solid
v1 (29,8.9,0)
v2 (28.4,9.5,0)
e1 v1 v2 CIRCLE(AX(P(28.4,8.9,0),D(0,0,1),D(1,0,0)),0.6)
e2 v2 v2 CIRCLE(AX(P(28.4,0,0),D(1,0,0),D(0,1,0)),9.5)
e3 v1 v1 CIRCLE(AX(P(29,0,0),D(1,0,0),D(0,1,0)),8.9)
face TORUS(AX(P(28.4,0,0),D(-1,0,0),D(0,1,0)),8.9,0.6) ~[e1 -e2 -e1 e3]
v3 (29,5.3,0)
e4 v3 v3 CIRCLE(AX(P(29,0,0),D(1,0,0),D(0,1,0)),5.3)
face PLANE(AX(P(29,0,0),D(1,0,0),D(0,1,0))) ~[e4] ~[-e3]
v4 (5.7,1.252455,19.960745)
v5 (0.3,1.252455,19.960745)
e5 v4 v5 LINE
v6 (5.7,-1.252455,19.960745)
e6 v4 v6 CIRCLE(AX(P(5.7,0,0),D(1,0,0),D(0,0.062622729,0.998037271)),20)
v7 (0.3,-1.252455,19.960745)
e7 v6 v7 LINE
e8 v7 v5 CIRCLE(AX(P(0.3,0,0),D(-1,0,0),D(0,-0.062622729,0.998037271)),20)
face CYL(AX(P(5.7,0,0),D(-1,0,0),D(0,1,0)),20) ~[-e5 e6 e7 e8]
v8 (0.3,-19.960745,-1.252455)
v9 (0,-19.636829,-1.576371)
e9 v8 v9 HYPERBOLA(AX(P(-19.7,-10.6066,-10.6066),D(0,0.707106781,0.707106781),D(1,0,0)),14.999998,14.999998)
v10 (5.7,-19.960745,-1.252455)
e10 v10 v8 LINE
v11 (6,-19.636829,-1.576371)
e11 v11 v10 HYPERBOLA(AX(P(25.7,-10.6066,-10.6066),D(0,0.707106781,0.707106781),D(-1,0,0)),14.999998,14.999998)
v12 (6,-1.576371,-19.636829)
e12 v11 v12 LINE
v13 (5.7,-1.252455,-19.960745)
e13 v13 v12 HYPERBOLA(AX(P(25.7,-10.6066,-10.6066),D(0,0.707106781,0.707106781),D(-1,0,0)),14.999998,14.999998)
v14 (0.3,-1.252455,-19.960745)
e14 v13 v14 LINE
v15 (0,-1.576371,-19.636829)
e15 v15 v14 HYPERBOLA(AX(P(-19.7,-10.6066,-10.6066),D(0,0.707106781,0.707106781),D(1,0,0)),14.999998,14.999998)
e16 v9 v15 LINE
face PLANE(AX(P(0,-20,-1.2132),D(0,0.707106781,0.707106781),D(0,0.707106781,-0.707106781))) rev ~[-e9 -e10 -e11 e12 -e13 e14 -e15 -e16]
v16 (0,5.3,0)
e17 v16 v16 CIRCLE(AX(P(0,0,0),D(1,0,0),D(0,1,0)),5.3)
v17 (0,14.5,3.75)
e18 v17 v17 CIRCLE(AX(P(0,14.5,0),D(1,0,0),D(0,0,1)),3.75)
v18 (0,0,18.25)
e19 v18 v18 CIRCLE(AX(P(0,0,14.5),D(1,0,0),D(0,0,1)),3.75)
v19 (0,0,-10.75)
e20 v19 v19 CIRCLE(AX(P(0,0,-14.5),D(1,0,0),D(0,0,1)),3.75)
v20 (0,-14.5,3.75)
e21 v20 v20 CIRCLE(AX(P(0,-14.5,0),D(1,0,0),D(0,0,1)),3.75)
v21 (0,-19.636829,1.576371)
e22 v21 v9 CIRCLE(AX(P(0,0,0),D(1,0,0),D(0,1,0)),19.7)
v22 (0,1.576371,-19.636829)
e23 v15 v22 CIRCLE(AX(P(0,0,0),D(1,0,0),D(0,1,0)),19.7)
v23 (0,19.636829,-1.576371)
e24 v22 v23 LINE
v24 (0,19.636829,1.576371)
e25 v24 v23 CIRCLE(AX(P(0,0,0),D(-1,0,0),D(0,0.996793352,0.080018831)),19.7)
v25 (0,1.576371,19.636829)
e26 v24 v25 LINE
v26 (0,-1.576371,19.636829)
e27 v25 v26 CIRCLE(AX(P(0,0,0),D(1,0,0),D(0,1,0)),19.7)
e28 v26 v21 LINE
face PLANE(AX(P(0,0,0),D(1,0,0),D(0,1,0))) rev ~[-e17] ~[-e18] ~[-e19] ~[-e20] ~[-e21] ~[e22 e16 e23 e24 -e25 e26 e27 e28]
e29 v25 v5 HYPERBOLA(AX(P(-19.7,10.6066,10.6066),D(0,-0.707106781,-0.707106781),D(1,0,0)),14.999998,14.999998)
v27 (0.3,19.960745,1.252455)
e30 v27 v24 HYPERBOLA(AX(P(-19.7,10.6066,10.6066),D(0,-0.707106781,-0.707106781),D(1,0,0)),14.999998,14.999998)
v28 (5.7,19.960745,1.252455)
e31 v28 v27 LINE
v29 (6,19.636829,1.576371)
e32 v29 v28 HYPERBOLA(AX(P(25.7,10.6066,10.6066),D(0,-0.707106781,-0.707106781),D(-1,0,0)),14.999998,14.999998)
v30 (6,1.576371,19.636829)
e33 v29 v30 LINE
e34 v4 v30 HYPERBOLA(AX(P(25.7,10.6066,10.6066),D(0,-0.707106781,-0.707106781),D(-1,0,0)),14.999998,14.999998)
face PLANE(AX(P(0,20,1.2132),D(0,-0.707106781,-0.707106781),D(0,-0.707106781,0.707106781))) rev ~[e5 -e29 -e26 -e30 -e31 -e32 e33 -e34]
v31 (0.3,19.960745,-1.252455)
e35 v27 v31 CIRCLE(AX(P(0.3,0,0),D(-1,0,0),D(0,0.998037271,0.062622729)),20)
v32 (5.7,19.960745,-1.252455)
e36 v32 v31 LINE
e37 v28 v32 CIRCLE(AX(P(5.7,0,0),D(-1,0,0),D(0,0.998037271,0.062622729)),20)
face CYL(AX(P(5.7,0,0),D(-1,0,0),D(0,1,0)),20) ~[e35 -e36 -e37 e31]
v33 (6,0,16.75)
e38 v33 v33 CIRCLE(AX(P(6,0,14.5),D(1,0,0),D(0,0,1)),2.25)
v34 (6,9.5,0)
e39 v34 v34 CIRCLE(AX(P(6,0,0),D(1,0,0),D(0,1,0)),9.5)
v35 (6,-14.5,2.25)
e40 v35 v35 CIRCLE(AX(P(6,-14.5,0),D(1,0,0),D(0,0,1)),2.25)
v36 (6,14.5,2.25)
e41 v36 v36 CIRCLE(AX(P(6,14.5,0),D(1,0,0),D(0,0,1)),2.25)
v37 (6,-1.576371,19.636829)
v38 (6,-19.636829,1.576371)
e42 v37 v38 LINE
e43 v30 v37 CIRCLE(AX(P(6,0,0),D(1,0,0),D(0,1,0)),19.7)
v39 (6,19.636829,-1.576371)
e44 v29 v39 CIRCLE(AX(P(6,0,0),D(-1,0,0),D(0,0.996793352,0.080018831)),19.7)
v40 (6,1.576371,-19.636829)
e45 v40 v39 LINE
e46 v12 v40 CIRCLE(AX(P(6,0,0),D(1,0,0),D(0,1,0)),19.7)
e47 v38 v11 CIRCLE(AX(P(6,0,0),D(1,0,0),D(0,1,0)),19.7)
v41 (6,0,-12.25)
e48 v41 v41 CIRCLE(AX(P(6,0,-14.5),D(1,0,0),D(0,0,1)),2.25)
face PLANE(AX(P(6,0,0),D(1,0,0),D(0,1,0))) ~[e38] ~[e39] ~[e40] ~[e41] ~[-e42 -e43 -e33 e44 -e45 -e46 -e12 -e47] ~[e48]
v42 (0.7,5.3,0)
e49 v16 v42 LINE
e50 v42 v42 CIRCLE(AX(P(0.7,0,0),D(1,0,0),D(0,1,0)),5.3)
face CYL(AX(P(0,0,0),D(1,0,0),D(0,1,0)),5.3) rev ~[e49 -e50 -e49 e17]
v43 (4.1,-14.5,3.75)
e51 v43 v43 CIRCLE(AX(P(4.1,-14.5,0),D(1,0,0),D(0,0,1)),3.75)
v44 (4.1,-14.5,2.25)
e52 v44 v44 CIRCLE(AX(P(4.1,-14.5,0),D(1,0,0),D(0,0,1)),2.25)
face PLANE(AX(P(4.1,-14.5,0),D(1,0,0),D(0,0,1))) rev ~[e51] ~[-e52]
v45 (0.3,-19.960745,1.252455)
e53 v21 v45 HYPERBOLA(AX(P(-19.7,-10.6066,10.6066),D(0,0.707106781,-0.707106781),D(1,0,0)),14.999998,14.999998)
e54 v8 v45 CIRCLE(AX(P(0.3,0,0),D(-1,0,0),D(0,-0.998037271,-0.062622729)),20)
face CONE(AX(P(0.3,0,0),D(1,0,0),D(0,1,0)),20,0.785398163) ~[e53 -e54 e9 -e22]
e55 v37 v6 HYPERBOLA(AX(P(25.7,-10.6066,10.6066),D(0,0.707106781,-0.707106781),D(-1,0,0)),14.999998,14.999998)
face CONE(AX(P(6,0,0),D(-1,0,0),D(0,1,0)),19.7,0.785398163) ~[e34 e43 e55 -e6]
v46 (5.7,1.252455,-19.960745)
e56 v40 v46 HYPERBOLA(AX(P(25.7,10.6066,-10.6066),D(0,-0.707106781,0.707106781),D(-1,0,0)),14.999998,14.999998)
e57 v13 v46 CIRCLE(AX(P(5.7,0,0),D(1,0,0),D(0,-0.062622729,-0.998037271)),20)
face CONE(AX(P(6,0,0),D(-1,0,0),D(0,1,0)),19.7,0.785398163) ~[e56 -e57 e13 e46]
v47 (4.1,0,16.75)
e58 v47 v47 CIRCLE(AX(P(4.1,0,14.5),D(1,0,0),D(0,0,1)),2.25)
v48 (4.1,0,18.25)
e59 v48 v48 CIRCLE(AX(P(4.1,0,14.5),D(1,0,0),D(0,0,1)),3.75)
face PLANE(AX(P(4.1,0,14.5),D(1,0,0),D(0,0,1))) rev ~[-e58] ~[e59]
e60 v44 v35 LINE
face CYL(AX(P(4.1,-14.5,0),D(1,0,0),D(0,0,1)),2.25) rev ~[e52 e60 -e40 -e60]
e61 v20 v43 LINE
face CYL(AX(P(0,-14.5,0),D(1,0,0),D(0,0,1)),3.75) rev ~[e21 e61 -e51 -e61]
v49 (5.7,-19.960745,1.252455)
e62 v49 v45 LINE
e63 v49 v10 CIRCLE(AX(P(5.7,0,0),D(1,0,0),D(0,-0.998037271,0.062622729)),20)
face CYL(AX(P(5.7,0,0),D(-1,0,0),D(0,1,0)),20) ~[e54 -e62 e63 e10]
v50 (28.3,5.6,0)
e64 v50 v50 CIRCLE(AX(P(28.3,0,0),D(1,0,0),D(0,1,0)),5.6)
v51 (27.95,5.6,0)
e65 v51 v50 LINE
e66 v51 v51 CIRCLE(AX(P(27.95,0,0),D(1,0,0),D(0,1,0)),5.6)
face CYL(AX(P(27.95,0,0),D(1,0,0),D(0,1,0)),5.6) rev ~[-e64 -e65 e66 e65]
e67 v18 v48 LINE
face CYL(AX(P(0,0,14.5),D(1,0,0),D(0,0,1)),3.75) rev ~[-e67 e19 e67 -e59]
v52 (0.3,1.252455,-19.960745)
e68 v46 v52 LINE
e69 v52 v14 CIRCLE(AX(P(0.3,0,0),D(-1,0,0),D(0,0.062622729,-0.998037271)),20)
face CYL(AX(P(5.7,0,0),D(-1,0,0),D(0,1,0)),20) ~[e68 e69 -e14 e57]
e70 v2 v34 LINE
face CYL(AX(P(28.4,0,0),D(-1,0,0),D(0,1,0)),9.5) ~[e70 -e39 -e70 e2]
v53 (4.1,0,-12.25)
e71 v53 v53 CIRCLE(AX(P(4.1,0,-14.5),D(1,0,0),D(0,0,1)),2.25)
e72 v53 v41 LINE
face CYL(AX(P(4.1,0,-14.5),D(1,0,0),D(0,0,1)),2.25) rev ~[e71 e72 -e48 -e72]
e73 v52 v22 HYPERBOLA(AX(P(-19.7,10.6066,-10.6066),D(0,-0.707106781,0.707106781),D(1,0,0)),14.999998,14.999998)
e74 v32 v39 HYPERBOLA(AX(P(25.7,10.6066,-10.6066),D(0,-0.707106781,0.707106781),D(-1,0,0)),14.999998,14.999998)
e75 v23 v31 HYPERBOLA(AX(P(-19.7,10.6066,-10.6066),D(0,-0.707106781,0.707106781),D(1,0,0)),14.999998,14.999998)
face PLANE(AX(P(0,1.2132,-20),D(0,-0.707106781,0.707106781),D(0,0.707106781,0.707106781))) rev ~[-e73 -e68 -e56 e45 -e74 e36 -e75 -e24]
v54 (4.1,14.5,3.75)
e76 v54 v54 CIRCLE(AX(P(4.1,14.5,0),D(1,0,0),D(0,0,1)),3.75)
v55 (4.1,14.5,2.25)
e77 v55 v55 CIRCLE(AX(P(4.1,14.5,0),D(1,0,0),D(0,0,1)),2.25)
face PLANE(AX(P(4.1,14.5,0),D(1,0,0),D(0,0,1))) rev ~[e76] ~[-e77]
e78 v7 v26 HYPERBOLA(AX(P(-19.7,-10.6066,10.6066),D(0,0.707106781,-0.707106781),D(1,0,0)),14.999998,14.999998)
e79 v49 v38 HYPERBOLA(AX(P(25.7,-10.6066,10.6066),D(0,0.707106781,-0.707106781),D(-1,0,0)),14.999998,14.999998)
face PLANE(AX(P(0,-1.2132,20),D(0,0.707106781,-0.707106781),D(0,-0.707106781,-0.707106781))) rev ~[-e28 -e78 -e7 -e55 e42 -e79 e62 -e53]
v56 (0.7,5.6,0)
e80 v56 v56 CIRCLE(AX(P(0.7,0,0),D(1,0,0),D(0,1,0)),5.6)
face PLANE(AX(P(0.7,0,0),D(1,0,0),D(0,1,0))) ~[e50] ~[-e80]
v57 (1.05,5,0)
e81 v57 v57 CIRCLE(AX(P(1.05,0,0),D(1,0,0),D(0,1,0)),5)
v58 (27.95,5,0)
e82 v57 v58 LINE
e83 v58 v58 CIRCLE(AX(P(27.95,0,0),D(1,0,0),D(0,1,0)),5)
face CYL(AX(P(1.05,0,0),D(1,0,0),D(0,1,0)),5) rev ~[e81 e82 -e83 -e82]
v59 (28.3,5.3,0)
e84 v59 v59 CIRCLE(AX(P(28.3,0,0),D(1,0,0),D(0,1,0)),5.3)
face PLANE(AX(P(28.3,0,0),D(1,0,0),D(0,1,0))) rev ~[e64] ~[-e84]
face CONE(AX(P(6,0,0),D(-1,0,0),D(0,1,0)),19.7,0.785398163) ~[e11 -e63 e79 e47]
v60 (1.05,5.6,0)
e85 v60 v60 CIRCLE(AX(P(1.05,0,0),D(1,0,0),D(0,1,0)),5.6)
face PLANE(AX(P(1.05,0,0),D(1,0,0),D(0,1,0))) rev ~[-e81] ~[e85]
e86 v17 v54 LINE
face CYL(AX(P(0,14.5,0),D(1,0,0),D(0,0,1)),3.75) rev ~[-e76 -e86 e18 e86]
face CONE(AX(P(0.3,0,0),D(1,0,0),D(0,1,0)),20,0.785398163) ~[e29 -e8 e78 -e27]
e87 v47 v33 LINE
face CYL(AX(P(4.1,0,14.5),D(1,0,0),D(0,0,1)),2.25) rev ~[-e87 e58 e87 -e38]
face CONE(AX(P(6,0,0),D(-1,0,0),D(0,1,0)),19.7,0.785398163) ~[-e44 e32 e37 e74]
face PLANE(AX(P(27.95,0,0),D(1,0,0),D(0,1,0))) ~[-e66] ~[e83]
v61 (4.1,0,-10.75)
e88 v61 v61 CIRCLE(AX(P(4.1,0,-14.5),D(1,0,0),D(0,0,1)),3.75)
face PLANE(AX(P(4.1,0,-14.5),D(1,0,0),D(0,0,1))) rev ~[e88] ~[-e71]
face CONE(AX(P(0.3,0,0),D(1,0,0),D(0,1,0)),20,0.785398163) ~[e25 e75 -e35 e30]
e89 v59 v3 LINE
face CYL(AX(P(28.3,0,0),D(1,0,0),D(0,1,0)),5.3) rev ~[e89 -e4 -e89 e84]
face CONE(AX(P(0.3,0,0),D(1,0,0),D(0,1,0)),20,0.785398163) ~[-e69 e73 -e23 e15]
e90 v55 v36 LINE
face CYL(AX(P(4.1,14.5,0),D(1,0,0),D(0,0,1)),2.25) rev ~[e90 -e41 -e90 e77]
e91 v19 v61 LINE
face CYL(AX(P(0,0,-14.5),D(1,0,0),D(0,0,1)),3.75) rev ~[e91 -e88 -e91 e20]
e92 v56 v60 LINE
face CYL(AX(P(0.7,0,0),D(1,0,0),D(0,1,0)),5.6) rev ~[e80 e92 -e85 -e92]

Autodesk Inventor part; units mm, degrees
sketch "Sketch_1" plane through (0, 0, 0) normal (0, 0, 1) x (1, 0, 0)
  line L0 (29, 0) -> (0, 0)
  line L1 (0, 5.3) -> (0.7, 5.3)
  line L2 (0.7, 5.3) -> (0.7, 5.6)
  line L3 (0.7, 5.6) -> (1.05, 5.6)
  line L4 (1.05, 5.6) -> (1.05, 5)
  line L5 (1.05, 5) -> (27.95, 5)
  line L6 (27.95, 5) -> (27.95, 5.6)
  line L7 (27.95, 5.6) -> (28.3, 5.6)
  line L8 (28.3, 5.6) -> (28.3, 5.3)
  line L9 (28.3, 5.3) -> (29, 5.3)
  line L10 (29, 5.3) -> (29, 8.9)
  arc A0 (29, 8.9) -> (28.4, 9.5) centre (28.4, 8.9) ccw
  line L11 (28.4, 9.5) -> (6, 9.5)
  line L12 (6, 9.5) -> (6, 19.7)
  line L13 (6, 19.7) -> (5.7, 20)
  line L14 (5.7, 20) -> (0.3, 20)
  line L15 (0.3, 20) -> (0, 19.7)
  line L16 (0, 19.7) -> (0, 5.3)
revolve "Revolution1" add sketch "Sketch_1" angle 360 about axis through (29, 0, 0) along (1, 0, 0)
sketch "Sketch_2" plane through (0, 0, 0) normal (1, 0, 0) x (0, 1, 0)
  line L0 (-30, 30) -> (-30, -30)
  line L1 (-30, -30) -> (30, -30)
  line L2 (30, -30) -> (30, 30)
  line L3 (30, 30) -> (-30, 30)
  line L4 (-1.2132, 20) -> (-20, 1.2132)
  line L5 (-20, 1.2132) -> (-20, -1.2132)
  line L6 (-20, -1.2132) -> (-1.2132, -20)
  line L7 (-1.2132, -20) -> (1.2132, -20)
  line L8 (1.2132, -20) -> (20, -1.2132)
  line L9 (20, -1.2132) -> (20, 1.2132)
  line L10 (20, 1.2132) -> (1.2132, 20)
  line L11 (1.2132, 20) -> (-1.2132, 20)
extrude "Extrusion1" cut sketch "Sketch_2" along normal blind 6
sketch "Sketch3" plane through (0, 0, 0) normal (-1, 0, 0) x (0, 0, 1)
  point P0 (0, 14.5)
hole "Hole1" at (0, 14.5, 0) direction (1, 0, 0) diameter 4.5 depth 6 counterbore diameter 7.5 counterbore depth 4.1
sketch "Sketch4" plane through (0, 0, 0) normal (-1, 0, 0) x (0, 0, 1)
  point P0 (0, -14.5)
hole "Hole2" at (0, -14.5, 0) direction (1, 0, 0) diameter 4.5 depth 6 counterbore diameter 7.5 counterbore depth 4.1
sketch "Sketch5" plane through (0, 0, 0) normal (-1, 0, 0) x (0, 0, 1)
  point P0 (-14.5, 0)
hole "Hole3" at (0, 0, -14.5) direction (1, 0, 0) diameter 4.5 depth 6 counterbore diameter 7.5 counterbore depth 4.1
sketch "Sketch6" plane through (0, 0, 0) normal (-1, 0, 0) x (0, 0, 1)
  point P0 (14.5, 0)
hole "Hole4" at (0, 0, 14.5) direction (1, 0, 0) diameter 4.5 depth 6 counterbore diameter 7.5 counterbore depth 4.1
ref_plane "Combination_Module_XY" through (0, 0, 0) normal (1, 0, 0) x (0, 0, -1)
ref_plane "Combination_Module_YZ" through (0, 0, 0) normal (0, 0, -1) x (0, 1, 0)
ref_plane "Combination_Module_ZX" through (0, 0, 0) normal (0, 1, 0) x (1, 0, 0)
properties part number "C-LHFS10"
